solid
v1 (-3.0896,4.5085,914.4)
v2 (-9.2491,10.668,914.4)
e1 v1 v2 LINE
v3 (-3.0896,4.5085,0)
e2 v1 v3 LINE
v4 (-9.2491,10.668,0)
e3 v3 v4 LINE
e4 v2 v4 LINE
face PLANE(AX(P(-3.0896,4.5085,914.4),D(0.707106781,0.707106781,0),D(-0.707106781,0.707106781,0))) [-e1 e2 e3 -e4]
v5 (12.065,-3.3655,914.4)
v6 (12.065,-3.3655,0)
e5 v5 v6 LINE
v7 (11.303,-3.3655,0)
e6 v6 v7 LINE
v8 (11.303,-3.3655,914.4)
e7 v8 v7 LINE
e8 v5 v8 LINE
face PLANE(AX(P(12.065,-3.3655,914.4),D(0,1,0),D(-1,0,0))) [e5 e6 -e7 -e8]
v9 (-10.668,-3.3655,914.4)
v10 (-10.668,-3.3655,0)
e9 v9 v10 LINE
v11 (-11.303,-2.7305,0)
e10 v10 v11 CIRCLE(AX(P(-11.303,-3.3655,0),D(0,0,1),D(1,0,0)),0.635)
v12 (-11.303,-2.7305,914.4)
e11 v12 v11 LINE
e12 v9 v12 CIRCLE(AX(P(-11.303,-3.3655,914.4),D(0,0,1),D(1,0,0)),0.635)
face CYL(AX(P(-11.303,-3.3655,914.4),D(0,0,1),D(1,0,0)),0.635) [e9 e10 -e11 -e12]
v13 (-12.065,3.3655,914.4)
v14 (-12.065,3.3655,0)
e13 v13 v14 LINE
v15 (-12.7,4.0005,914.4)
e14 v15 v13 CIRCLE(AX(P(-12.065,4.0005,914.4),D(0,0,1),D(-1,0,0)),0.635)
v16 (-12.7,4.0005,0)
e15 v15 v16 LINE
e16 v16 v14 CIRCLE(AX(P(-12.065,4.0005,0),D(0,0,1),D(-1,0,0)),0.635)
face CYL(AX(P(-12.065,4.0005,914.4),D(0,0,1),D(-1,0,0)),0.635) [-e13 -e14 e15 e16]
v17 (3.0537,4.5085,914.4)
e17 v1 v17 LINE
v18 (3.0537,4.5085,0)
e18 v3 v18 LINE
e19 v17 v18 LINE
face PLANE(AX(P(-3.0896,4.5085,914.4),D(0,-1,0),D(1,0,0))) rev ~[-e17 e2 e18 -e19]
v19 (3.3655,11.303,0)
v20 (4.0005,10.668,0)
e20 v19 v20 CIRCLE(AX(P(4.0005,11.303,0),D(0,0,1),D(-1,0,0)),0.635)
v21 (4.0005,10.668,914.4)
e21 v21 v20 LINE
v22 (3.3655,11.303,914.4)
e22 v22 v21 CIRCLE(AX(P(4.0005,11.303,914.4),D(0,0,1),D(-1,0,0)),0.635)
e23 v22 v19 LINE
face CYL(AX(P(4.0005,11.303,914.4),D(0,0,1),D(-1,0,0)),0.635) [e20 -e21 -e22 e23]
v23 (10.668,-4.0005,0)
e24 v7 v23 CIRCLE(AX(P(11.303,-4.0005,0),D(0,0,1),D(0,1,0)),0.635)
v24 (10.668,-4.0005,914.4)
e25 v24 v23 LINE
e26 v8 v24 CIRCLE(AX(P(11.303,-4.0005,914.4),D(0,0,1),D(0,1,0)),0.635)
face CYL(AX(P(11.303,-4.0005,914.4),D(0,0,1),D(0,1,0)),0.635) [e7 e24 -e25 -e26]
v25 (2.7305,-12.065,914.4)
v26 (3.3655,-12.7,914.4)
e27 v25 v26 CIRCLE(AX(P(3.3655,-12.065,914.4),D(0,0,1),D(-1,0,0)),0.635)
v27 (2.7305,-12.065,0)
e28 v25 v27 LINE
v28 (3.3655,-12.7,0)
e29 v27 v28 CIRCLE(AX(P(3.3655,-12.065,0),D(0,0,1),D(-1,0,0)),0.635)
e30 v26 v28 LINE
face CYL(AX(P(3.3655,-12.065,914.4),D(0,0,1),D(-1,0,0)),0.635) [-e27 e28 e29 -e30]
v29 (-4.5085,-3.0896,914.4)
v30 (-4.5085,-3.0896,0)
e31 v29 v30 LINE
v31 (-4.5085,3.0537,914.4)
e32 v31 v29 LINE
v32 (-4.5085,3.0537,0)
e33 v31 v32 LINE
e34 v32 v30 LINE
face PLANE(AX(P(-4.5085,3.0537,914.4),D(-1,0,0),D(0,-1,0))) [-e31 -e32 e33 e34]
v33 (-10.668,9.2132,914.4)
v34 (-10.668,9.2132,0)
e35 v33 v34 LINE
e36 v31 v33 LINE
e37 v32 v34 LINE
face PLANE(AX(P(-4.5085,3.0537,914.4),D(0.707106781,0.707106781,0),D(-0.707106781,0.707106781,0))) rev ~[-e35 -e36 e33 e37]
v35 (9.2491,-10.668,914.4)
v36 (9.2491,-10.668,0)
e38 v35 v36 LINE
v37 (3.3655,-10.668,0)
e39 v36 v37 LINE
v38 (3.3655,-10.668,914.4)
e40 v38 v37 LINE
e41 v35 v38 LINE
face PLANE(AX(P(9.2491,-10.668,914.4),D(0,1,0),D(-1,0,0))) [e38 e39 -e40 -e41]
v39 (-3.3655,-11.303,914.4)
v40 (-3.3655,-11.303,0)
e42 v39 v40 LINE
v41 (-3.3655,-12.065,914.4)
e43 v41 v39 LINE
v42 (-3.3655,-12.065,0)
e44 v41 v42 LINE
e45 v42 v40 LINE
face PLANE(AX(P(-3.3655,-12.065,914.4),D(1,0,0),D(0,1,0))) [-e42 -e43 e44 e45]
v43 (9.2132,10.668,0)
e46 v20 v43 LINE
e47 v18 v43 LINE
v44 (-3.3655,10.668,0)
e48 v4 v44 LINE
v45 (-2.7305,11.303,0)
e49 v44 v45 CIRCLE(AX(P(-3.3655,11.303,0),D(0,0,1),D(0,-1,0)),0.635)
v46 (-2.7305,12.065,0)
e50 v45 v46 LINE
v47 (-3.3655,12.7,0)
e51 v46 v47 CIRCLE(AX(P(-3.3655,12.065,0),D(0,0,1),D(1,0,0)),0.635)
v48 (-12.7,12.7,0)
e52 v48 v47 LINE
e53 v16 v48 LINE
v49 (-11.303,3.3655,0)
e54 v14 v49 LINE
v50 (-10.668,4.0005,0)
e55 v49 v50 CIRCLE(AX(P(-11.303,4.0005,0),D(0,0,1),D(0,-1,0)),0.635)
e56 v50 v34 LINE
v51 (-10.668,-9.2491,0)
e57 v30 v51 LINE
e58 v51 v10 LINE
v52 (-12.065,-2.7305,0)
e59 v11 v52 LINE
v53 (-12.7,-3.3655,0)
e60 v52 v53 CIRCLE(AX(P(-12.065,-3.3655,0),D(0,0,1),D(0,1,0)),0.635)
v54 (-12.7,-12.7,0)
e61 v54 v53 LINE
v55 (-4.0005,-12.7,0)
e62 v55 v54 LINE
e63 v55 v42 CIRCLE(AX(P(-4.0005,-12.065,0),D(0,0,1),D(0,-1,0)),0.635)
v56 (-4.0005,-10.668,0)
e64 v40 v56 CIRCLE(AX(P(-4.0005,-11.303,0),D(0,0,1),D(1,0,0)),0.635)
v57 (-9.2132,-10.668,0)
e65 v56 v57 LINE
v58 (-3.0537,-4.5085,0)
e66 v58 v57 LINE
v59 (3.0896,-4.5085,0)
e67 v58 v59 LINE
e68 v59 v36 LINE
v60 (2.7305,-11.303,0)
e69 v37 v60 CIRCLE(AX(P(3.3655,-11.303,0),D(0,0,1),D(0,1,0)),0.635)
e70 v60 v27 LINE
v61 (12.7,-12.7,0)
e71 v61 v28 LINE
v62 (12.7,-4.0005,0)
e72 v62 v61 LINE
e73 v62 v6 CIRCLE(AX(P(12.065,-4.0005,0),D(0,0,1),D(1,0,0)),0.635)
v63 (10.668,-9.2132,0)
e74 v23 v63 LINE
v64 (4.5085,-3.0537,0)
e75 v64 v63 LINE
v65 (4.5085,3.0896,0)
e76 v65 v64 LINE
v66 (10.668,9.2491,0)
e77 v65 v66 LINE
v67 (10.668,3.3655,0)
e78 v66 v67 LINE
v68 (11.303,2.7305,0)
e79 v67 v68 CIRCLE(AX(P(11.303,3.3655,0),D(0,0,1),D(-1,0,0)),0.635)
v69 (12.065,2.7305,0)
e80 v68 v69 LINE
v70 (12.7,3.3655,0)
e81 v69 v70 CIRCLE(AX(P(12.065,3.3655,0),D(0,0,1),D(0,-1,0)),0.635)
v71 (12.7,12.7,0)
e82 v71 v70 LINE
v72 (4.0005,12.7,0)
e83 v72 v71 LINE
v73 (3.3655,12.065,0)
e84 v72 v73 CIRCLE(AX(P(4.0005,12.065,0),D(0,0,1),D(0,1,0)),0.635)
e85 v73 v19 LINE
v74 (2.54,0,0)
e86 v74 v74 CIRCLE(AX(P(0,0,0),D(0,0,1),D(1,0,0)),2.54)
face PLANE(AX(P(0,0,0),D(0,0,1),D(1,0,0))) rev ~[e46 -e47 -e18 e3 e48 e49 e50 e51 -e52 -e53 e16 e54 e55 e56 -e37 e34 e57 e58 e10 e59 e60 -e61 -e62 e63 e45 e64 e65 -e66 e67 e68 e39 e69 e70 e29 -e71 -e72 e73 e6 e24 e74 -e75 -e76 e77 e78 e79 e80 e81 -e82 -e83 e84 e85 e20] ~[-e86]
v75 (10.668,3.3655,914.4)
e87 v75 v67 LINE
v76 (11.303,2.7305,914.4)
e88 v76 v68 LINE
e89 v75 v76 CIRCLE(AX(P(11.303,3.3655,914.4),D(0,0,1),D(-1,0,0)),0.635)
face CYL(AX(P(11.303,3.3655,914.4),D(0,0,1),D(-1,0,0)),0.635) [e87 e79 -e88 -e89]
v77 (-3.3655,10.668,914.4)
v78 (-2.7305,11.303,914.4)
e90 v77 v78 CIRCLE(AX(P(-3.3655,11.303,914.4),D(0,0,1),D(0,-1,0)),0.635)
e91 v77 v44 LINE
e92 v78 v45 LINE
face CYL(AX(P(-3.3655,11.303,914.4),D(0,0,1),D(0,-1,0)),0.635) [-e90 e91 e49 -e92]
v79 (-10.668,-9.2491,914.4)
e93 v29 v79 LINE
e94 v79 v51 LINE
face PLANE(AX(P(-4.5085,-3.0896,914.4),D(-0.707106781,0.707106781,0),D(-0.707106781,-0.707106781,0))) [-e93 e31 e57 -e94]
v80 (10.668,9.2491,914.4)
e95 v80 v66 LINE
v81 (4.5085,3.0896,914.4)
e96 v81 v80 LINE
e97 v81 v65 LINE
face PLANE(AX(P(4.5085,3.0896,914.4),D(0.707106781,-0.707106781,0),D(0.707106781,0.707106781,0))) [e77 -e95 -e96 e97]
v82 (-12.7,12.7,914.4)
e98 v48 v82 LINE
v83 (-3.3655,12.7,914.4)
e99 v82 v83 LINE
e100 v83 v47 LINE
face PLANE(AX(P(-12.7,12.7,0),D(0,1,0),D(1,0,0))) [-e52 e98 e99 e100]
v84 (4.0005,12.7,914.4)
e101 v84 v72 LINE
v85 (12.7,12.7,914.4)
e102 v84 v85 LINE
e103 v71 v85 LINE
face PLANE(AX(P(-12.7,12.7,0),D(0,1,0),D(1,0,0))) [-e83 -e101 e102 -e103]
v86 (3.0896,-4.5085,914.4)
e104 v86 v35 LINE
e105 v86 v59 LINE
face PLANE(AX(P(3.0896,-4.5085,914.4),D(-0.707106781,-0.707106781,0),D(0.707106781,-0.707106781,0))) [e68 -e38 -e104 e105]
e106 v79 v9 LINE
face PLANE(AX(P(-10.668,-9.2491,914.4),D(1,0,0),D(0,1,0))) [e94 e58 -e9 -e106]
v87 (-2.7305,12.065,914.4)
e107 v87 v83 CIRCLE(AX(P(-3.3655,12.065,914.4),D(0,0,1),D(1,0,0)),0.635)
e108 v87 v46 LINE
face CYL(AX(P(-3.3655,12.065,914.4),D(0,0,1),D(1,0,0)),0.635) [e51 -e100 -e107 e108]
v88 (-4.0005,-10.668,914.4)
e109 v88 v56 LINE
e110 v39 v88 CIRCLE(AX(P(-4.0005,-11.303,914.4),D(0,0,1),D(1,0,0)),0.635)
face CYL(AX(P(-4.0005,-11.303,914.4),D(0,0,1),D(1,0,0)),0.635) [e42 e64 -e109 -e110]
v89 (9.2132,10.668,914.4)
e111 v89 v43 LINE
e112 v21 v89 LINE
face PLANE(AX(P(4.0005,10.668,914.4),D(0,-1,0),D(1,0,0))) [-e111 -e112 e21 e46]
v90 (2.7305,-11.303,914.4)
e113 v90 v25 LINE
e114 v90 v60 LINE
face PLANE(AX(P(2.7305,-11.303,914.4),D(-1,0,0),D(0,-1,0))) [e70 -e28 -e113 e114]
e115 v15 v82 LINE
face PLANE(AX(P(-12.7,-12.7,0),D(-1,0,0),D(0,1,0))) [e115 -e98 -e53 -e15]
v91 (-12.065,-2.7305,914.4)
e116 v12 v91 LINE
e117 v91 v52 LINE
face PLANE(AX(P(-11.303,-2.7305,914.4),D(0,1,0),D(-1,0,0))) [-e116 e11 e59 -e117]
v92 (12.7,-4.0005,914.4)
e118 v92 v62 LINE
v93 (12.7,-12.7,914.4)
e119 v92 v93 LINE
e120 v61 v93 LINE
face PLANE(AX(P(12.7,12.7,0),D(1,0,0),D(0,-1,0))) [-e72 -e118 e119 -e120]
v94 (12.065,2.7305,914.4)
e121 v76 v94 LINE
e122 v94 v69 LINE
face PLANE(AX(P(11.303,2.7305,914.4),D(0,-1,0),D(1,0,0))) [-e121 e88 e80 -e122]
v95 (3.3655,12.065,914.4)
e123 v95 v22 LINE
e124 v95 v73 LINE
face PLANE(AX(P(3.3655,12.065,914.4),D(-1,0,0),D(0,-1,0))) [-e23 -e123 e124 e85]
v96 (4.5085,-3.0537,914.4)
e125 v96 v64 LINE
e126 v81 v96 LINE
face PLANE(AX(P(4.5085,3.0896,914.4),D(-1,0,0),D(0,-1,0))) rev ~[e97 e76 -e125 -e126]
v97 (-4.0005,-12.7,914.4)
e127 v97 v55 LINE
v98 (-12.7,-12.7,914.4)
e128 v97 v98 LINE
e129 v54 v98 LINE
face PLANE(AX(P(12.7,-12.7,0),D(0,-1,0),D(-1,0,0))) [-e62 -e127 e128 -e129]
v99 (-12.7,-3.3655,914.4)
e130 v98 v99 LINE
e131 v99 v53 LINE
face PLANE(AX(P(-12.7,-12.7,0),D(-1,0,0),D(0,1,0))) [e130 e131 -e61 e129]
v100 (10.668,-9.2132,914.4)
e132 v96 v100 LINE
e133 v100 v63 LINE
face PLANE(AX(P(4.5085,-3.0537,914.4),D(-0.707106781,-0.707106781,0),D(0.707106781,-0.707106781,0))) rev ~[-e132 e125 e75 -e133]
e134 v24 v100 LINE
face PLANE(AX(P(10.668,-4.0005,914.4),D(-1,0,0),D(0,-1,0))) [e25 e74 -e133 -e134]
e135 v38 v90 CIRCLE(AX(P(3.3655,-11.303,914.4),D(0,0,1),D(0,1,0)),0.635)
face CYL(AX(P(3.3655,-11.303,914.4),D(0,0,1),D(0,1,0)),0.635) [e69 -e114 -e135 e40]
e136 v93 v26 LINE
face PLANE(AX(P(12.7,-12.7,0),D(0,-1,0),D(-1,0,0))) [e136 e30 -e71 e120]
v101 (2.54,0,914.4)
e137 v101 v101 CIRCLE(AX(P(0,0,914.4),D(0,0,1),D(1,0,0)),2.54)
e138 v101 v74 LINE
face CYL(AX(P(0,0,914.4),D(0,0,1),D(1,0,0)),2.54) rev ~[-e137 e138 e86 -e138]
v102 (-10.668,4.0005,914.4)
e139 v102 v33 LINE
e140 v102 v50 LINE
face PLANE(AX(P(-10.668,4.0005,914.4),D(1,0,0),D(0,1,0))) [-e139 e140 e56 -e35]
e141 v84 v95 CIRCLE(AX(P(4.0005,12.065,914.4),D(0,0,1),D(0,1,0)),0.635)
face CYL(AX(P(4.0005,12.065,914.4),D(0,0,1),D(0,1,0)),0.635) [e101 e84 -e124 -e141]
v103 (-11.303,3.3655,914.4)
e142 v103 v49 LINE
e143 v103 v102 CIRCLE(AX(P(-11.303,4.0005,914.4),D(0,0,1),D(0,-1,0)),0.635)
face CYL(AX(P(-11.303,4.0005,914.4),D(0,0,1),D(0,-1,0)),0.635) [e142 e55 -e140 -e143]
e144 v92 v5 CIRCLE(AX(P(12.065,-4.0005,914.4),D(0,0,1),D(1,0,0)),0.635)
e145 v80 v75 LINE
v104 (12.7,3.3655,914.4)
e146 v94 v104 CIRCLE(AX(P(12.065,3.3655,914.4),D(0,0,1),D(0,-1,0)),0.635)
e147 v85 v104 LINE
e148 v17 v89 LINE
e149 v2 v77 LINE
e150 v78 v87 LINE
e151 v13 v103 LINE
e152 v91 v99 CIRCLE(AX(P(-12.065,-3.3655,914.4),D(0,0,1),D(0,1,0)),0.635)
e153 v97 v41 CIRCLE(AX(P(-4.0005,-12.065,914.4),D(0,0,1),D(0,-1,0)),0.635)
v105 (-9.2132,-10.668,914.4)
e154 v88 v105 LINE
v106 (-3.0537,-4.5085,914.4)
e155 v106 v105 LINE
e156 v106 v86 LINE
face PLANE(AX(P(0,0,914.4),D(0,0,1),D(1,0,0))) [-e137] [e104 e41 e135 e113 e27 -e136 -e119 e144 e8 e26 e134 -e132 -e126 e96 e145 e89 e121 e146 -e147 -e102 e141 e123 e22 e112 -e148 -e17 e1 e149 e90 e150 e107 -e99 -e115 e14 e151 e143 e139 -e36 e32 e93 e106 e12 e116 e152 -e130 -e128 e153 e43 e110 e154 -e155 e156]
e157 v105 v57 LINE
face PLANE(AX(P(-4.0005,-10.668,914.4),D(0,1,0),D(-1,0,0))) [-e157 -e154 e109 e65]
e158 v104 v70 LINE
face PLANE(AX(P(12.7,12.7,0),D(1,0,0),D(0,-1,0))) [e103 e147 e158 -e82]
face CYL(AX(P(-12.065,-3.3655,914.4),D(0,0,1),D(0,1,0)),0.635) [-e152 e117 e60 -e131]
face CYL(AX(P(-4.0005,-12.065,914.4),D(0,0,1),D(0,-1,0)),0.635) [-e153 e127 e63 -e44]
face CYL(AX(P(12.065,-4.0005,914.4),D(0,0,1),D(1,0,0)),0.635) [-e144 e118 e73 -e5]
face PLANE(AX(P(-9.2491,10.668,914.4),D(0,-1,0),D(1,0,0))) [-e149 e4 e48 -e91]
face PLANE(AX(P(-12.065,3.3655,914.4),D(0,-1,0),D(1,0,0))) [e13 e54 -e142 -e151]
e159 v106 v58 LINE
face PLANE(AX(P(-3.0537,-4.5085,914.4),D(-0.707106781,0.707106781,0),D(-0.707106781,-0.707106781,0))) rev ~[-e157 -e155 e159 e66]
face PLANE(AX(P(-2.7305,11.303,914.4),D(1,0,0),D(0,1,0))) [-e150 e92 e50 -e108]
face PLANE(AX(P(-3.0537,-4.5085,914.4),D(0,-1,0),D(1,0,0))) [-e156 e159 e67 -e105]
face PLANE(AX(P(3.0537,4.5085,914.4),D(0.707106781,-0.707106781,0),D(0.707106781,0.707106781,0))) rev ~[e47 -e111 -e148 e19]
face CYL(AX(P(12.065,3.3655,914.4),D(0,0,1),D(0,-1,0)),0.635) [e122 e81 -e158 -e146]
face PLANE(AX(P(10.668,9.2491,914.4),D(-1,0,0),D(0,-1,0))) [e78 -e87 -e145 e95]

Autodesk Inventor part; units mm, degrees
ref_plane "YZ Plane" through (0, 0, 0) normal (1, 0, 0) x (0, 1, 0)
ref_plane "XZ Plane" through (0, 0, 0) normal (0, 1, 0) x (-1, 0, 0)
ref_plane "XY Plane" through (0, 0, 0) normal (0, 0, 1) x (1, 0, 0)
sketch "Sketch1" plane through (0, 0, 0) normal (0, 0, 1) x (1, 0, 0)
  line L0 (-12.7, 12.7) -> (12.7, 12.7)
  line L1 (12.7, 12.7) -> (12.7, -12.7)
  line L2 (12.7, -12.7) -> (-12.7, -12.7)
  line L3 (-12.7, -12.7) -> (-12.7, 12.7)
  point P0 (0, 0)
  dimension "d0" = 25.4
  dimension "d1" = 25.4
  dimension "d2" = 12.7
  dimension "d3" = 12.7
extrude "Extrusion1" add sketch "Sketch1" along normal blind 914.4
sketch "Sketch2" plane through (0, 0, 914.4) normal (0, 0, 1) x (1, 0, 0)
  circle A0 centre (0, 0) radius 2.54
  line L0 (-4.5085, 4.5085) -> (4.5085, 4.5085)
  line L1 (-4.5085, -4.5085) -> (4.5085, -4.5085)
  line L2 (4.5085, 4.5085) -> (4.5085, -4.5085)
  line L3 (-4.5085, 4.5085) -> (-4.5085, -4.5085)
  line L4 (-3.0896, 4.5085) -> (-11.2811, 12.7)
  line L5 (-4.5085, 3.0537) -> (-12.7, 11.2452)
  line L6 (12.7, 12.7) -> (-12.7, 12.7) projected
  line L7 (-12.7, 12.7) -> (-12.7, 4.0005)
  line L8 (-10.668, 4.0005) -> (-10.668, 9.2132)
  line L9 (-9.2491, 10.668) -> (-3.3655, 10.668)
  line L10 (-12.7, 12.7) -> (-3.3655, 12.7)
  line L11 (-2.7305, 11.303) -> (-2.7305, 12.065)
  line L12 (-12.065, 3.3655) -> (-11.303, 3.3655)
  arc A1 (-12.7, 4.0005) -> (-12.065, 3.3655) centre (-12.065, 4.0005) ccw
  arc A2 (-11.303, 3.3655) -> (-10.668, 4.0005) centre (-11.303, 4.0005) ccw
  arc A3 (-3.3655, 10.668) -> (-2.7305, 11.303) centre (-3.3655, 11.303) ccw
  arc A4 (-2.7305, 12.065) -> (-3.3655, 12.7) centre (-3.3655, 12.065) ccw
  arc A5 (-3.3655, -11.303) -> (-4.0005, -10.668) centre (-4.0005, -11.303) ccw
  line L13 (-3.3655, -12.065) -> (-3.3655, -11.303)
  arc A6 (-4.0005, -12.7) -> (-3.3655, -12.065) centre (-4.0005, -12.065) ccw
  line L14 (-3.0537, -4.5085) -> (-11.2452, -12.7)
  line L15 (-10.668, -9.2491) -> (-10.668, -3.3655)
  line L16 (-4.5085, -3.0896) -> (-12.7, -11.2811)
  line L17 (-12.7, -12.7) -> (-12.7, -3.3655)
  arc A7 (-10.668, -3.3655) -> (-11.303, -2.7305) centre (-11.303, -3.3655) ccw
  line L18 (-11.303, -2.7305) -> (-12.065, -2.7305)
  arc A8 (-12.065, -2.7305) -> (-12.7, -3.3655) centre (-12.065, -3.3655) ccw
  line L19 (-4.0005, -10.668) -> (-9.2132, -10.668)
  line L20 (-12.7, -12.7) -> (-4.0005, -12.7)
  arc A9 (11.303, -3.3655) -> (10.668, -4.0005) centre (11.303, -4.0005) ccw
  line L21 (12.065, -3.3655) -> (11.303, -3.3655)
  arc A10 (12.7, -4.0005) -> (12.065, -3.3655) centre (12.065, -4.0005) ccw
  line L22 (4.5085, -3.0537) -> (12.7, -11.2452)
  line L23 (9.2491, -10.668) -> (3.3655, -10.668)
  line L24 (3.0896, -4.5085) -> (11.2811, -12.7)
  line L25 (12.7, -12.7) -> (3.3655, -12.7)
  arc A11 (3.3655, -10.668) -> (2.7305, -11.303) centre (3.3655, -11.303) ccw
  line L26 (2.7305, -11.303) -> (2.7305, -12.065)
  arc A12 (2.7305, -12.065) -> (3.3655, -12.7) centre (3.3655, -12.065) ccw
  line L27 (10.668, -4.0005) -> (10.668, -9.2132)
  line L28 (12.7, -12.7) -> (12.7, -4.0005)
  arc A13 (3.3655, 11.303) -> (4.0005, 10.668) centre (4.0005, 11.303) ccw
  line L29 (3.3655, 12.065) -> (3.3655, 11.303)
  arc A14 (4.0005, 12.7) -> (3.3655, 12.065) centre (4.0005, 12.065) ccw
  line L30 (3.0537, 4.5085) -> (11.2452, 12.7)
  line L31 (10.668, 9.2491) -> (10.668, 3.3655)
  line L32 (4.5085, 3.0896) -> (12.7, 11.2811)
  line L33 (12.7, 12.7) -> (12.7, 3.3655)
  arc A15 (10.668, 3.3655) -> (11.303, 2.7305) centre (11.303, 3.3655) ccw
  line L34 (11.303, 2.7305) -> (12.065, 2.7305)
  arc A16 (12.065, 2.7305) -> (12.7, 3.3655) centre (12.065, 3.3655) ccw
  line L35 (4.0005, 10.668) -> (9.2132, 10.668)
  line L36 (12.7, 12.7) -> (4.0005, 12.7)
  line L37 (-4.5085, 3.0537) -> (-4.5085, 4.5085)
  line L38 (-3.0896, 4.5085) -> (-4.5085, 4.5085)
  line L39 (-12.7, -12.7) -> (-4.0005, -12.7)
  line L40 (-4.0005, -10.668) -> (-9.2132, -10.668)
  line L41 (-10.668, -9.2491) -> (-10.668, -3.3655)
  line L42 (-12.7, -12.7) -> (-12.7, -3.3655)
  line L43 (-11.303, -2.7305) -> (-12.065, -2.7305)
  arc A17 (-10.668, -3.3655) -> (-11.303, -2.7305) centre (-11.303, -3.3655) ccw
  arc A18 (-12.065, -2.7305) -> (-12.7, -3.3655) centre (-12.065, -3.3655) ccw
  line L44 (-4.5085, -3.0896) -> (-4.5085, -4.5085)
  line L45 (-4.5085, -3.0896) -> (-12.7, -11.2811)
  line L46 (-3.0537, -4.5085) -> (-4.5085, -4.5085)
  line L47 (-3.0537, -4.5085) -> (-11.2452, -12.7)
  line L48 (-4.5085, -4.5085) -> (-4.5085, 4.5085)
  circle A19 centre (0, 0) radius 2.54
  line L49 (-4.5085, -4.5085) -> (4.5085, -4.5085)
  line L50 (-3.3655, -12.065) -> (-3.3655, -11.303)
  arc A20 (-4.0005, -12.7) -> (-3.3655, -12.065) centre (-4.0005, -12.065) ccw
  arc A21 (-3.3655, -11.303) -> (-4.0005, -10.668) centre (-4.0005, -11.303) ccw
  line L51 (12.7, -12.7) -> (12.7, -4.0005)
  line L52 (10.668, -4.0005) -> (10.668, -9.2132)
  line L53 (9.2491, -10.668) -> (3.3655, -10.668)
  line L54 (12.7, -12.7) -> (3.3655, -12.7)
  line L55 (2.7305, -11.303) -> (2.7305, -12.065)
  arc A22 (3.3655, -10.668) -> (2.7305, -11.303) centre (3.3655, -11.303) ccw
  arc A23 (2.7305, -12.065) -> (3.3655, -12.7) centre (3.3655, -12.065) ccw
  line L56 (3.0896, -4.5085) -> (4.5085, -4.5085)
  line L57 (3.0896, -4.5085) -> (11.2811, -12.7)
  line L58 (4.5085, -3.0537) -> (4.5085, -4.5085)
  line L59 (4.5085, -3.0537) -> (12.7, -11.2452)
  line L60 (4.5085, -4.5085) -> (-4.5085, -4.5085)
  circle A24 centre (0, 0) radius 2.54
  line L61 (4.5085, -4.5085) -> (4.5085, 4.5085)
  line L62 (12.065, -3.3655) -> (11.303, -3.3655)
  arc A25 (12.7, -4.0005) -> (12.065, -3.3655) centre (12.065, -4.0005) ccw
  arc A26 (11.303, -3.3655) -> (10.668, -4.0005) centre (11.303, -4.0005) ccw
  line L63 (12.7, 12.7) -> (4.0005, 12.7)
  line L64 (4.0005, 10.668) -> (9.2132, 10.668)
  line L65 (10.668, 9.2491) -> (10.668, 3.3655)
  line L66 (12.7, 12.7) -> (12.7, 3.3655)
  line L67 (11.303, 2.7305) -> (12.065, 2.7305)
  arc A27 (10.668, 3.3655) -> (11.303, 2.7305) centre (11.303, 3.3655) ccw
  arc A28 (12.065, 2.7305) -> (12.7, 3.3655) centre (12.065, 3.3655) ccw
  line L68 (4.5085, 3.0896) -> (4.5085, 4.5085)
  line L69 (4.5085, 3.0896) -> (12.7, 11.2811)
  line L70 (3.0537, 4.5085) -> (4.5085, 4.5085)
  line L71 (3.0537, 4.5085) -> (11.2452, 12.7)
  line L72 (4.5085, 4.5085) -> (4.5085, -4.5085)
  circle A29 centre (0, 0) radius 2.54
  line L73 (4.5085, 4.5085) -> (-4.5085, 4.5085)
  line L74 (3.3655, 12.065) -> (3.3655, 11.303)
  arc A30 (4.0005, 12.7) -> (3.3655, 12.065) centre (4.0005, 12.065) ccw
  arc A31 (3.3655, 11.303) -> (4.0005, 10.668) centre (4.0005, 11.303) ccw
  point P0 (-12.7, 3.3655)
  point P1 (-2.7305, 12.7)
  point P2 (-3.3655, -12.7)
  point P3 (-12.7, -2.7305)
  point P4 (12.7, -3.3655)
  point P5 (2.7305, -12.7)
  point P6 (3.3655, 12.7)
  point P7 (12.7, 2.7305)
  point P8 (-3.3655, -12.7)
  point P9 (-12.7, -2.7305)
  point P10 (12.7, -3.3655)
  point P11 (2.7305, -12.7)
  point P12 (3.3655, 12.7)
  point P13 (12.7, 2.7305)
  dimension "d6" = 5.08
  dimension "d7" = 9.017
  dimension "d8" = 4.5085
  dimension "d9" = 4.5085
  dimension "d10" = 4.5085
  dimension "d11" = 2.032
  dimension "d12" = 1.0033
  dimension "d13" = 135
  dimension "d17" = 9.3345
  dimension "d19" = 2.032
  dimension "d20" = 2.032
  dimension "d21" = 0.635
  dimension "d22" = 9.3345
  dimension "d25" = 360
  dimension "d29" = 360
extrude "Extrusion2" cut sketch "Sketch2" against normal blind 1219.2 contours L3 L5 L7 L6 L4 L0 | L0 L2 L1 L3 | L30 L6 L33 L32 L2 L0 | L4 L6 A4 L11 A3 L9 | L3 L1 L14 L20 L17 L16 | L8 A2 L12 A1 L7 L5 | L35 A13 L29 A14 L6 L30 | L16 L17 A8 L18 A7 L15 | L22 L28 L25 L24 L1 L2 | L32 L33 A16 L34 A15 L31 | L19 A5 L13 A6 L20 L14 | L27 A9 L21 A10 L28 L22 | L24 L25 A12 L26 A11 L23 keep common part
equation "\"d22\" = d17"
properties part number "Horizontal pice"
